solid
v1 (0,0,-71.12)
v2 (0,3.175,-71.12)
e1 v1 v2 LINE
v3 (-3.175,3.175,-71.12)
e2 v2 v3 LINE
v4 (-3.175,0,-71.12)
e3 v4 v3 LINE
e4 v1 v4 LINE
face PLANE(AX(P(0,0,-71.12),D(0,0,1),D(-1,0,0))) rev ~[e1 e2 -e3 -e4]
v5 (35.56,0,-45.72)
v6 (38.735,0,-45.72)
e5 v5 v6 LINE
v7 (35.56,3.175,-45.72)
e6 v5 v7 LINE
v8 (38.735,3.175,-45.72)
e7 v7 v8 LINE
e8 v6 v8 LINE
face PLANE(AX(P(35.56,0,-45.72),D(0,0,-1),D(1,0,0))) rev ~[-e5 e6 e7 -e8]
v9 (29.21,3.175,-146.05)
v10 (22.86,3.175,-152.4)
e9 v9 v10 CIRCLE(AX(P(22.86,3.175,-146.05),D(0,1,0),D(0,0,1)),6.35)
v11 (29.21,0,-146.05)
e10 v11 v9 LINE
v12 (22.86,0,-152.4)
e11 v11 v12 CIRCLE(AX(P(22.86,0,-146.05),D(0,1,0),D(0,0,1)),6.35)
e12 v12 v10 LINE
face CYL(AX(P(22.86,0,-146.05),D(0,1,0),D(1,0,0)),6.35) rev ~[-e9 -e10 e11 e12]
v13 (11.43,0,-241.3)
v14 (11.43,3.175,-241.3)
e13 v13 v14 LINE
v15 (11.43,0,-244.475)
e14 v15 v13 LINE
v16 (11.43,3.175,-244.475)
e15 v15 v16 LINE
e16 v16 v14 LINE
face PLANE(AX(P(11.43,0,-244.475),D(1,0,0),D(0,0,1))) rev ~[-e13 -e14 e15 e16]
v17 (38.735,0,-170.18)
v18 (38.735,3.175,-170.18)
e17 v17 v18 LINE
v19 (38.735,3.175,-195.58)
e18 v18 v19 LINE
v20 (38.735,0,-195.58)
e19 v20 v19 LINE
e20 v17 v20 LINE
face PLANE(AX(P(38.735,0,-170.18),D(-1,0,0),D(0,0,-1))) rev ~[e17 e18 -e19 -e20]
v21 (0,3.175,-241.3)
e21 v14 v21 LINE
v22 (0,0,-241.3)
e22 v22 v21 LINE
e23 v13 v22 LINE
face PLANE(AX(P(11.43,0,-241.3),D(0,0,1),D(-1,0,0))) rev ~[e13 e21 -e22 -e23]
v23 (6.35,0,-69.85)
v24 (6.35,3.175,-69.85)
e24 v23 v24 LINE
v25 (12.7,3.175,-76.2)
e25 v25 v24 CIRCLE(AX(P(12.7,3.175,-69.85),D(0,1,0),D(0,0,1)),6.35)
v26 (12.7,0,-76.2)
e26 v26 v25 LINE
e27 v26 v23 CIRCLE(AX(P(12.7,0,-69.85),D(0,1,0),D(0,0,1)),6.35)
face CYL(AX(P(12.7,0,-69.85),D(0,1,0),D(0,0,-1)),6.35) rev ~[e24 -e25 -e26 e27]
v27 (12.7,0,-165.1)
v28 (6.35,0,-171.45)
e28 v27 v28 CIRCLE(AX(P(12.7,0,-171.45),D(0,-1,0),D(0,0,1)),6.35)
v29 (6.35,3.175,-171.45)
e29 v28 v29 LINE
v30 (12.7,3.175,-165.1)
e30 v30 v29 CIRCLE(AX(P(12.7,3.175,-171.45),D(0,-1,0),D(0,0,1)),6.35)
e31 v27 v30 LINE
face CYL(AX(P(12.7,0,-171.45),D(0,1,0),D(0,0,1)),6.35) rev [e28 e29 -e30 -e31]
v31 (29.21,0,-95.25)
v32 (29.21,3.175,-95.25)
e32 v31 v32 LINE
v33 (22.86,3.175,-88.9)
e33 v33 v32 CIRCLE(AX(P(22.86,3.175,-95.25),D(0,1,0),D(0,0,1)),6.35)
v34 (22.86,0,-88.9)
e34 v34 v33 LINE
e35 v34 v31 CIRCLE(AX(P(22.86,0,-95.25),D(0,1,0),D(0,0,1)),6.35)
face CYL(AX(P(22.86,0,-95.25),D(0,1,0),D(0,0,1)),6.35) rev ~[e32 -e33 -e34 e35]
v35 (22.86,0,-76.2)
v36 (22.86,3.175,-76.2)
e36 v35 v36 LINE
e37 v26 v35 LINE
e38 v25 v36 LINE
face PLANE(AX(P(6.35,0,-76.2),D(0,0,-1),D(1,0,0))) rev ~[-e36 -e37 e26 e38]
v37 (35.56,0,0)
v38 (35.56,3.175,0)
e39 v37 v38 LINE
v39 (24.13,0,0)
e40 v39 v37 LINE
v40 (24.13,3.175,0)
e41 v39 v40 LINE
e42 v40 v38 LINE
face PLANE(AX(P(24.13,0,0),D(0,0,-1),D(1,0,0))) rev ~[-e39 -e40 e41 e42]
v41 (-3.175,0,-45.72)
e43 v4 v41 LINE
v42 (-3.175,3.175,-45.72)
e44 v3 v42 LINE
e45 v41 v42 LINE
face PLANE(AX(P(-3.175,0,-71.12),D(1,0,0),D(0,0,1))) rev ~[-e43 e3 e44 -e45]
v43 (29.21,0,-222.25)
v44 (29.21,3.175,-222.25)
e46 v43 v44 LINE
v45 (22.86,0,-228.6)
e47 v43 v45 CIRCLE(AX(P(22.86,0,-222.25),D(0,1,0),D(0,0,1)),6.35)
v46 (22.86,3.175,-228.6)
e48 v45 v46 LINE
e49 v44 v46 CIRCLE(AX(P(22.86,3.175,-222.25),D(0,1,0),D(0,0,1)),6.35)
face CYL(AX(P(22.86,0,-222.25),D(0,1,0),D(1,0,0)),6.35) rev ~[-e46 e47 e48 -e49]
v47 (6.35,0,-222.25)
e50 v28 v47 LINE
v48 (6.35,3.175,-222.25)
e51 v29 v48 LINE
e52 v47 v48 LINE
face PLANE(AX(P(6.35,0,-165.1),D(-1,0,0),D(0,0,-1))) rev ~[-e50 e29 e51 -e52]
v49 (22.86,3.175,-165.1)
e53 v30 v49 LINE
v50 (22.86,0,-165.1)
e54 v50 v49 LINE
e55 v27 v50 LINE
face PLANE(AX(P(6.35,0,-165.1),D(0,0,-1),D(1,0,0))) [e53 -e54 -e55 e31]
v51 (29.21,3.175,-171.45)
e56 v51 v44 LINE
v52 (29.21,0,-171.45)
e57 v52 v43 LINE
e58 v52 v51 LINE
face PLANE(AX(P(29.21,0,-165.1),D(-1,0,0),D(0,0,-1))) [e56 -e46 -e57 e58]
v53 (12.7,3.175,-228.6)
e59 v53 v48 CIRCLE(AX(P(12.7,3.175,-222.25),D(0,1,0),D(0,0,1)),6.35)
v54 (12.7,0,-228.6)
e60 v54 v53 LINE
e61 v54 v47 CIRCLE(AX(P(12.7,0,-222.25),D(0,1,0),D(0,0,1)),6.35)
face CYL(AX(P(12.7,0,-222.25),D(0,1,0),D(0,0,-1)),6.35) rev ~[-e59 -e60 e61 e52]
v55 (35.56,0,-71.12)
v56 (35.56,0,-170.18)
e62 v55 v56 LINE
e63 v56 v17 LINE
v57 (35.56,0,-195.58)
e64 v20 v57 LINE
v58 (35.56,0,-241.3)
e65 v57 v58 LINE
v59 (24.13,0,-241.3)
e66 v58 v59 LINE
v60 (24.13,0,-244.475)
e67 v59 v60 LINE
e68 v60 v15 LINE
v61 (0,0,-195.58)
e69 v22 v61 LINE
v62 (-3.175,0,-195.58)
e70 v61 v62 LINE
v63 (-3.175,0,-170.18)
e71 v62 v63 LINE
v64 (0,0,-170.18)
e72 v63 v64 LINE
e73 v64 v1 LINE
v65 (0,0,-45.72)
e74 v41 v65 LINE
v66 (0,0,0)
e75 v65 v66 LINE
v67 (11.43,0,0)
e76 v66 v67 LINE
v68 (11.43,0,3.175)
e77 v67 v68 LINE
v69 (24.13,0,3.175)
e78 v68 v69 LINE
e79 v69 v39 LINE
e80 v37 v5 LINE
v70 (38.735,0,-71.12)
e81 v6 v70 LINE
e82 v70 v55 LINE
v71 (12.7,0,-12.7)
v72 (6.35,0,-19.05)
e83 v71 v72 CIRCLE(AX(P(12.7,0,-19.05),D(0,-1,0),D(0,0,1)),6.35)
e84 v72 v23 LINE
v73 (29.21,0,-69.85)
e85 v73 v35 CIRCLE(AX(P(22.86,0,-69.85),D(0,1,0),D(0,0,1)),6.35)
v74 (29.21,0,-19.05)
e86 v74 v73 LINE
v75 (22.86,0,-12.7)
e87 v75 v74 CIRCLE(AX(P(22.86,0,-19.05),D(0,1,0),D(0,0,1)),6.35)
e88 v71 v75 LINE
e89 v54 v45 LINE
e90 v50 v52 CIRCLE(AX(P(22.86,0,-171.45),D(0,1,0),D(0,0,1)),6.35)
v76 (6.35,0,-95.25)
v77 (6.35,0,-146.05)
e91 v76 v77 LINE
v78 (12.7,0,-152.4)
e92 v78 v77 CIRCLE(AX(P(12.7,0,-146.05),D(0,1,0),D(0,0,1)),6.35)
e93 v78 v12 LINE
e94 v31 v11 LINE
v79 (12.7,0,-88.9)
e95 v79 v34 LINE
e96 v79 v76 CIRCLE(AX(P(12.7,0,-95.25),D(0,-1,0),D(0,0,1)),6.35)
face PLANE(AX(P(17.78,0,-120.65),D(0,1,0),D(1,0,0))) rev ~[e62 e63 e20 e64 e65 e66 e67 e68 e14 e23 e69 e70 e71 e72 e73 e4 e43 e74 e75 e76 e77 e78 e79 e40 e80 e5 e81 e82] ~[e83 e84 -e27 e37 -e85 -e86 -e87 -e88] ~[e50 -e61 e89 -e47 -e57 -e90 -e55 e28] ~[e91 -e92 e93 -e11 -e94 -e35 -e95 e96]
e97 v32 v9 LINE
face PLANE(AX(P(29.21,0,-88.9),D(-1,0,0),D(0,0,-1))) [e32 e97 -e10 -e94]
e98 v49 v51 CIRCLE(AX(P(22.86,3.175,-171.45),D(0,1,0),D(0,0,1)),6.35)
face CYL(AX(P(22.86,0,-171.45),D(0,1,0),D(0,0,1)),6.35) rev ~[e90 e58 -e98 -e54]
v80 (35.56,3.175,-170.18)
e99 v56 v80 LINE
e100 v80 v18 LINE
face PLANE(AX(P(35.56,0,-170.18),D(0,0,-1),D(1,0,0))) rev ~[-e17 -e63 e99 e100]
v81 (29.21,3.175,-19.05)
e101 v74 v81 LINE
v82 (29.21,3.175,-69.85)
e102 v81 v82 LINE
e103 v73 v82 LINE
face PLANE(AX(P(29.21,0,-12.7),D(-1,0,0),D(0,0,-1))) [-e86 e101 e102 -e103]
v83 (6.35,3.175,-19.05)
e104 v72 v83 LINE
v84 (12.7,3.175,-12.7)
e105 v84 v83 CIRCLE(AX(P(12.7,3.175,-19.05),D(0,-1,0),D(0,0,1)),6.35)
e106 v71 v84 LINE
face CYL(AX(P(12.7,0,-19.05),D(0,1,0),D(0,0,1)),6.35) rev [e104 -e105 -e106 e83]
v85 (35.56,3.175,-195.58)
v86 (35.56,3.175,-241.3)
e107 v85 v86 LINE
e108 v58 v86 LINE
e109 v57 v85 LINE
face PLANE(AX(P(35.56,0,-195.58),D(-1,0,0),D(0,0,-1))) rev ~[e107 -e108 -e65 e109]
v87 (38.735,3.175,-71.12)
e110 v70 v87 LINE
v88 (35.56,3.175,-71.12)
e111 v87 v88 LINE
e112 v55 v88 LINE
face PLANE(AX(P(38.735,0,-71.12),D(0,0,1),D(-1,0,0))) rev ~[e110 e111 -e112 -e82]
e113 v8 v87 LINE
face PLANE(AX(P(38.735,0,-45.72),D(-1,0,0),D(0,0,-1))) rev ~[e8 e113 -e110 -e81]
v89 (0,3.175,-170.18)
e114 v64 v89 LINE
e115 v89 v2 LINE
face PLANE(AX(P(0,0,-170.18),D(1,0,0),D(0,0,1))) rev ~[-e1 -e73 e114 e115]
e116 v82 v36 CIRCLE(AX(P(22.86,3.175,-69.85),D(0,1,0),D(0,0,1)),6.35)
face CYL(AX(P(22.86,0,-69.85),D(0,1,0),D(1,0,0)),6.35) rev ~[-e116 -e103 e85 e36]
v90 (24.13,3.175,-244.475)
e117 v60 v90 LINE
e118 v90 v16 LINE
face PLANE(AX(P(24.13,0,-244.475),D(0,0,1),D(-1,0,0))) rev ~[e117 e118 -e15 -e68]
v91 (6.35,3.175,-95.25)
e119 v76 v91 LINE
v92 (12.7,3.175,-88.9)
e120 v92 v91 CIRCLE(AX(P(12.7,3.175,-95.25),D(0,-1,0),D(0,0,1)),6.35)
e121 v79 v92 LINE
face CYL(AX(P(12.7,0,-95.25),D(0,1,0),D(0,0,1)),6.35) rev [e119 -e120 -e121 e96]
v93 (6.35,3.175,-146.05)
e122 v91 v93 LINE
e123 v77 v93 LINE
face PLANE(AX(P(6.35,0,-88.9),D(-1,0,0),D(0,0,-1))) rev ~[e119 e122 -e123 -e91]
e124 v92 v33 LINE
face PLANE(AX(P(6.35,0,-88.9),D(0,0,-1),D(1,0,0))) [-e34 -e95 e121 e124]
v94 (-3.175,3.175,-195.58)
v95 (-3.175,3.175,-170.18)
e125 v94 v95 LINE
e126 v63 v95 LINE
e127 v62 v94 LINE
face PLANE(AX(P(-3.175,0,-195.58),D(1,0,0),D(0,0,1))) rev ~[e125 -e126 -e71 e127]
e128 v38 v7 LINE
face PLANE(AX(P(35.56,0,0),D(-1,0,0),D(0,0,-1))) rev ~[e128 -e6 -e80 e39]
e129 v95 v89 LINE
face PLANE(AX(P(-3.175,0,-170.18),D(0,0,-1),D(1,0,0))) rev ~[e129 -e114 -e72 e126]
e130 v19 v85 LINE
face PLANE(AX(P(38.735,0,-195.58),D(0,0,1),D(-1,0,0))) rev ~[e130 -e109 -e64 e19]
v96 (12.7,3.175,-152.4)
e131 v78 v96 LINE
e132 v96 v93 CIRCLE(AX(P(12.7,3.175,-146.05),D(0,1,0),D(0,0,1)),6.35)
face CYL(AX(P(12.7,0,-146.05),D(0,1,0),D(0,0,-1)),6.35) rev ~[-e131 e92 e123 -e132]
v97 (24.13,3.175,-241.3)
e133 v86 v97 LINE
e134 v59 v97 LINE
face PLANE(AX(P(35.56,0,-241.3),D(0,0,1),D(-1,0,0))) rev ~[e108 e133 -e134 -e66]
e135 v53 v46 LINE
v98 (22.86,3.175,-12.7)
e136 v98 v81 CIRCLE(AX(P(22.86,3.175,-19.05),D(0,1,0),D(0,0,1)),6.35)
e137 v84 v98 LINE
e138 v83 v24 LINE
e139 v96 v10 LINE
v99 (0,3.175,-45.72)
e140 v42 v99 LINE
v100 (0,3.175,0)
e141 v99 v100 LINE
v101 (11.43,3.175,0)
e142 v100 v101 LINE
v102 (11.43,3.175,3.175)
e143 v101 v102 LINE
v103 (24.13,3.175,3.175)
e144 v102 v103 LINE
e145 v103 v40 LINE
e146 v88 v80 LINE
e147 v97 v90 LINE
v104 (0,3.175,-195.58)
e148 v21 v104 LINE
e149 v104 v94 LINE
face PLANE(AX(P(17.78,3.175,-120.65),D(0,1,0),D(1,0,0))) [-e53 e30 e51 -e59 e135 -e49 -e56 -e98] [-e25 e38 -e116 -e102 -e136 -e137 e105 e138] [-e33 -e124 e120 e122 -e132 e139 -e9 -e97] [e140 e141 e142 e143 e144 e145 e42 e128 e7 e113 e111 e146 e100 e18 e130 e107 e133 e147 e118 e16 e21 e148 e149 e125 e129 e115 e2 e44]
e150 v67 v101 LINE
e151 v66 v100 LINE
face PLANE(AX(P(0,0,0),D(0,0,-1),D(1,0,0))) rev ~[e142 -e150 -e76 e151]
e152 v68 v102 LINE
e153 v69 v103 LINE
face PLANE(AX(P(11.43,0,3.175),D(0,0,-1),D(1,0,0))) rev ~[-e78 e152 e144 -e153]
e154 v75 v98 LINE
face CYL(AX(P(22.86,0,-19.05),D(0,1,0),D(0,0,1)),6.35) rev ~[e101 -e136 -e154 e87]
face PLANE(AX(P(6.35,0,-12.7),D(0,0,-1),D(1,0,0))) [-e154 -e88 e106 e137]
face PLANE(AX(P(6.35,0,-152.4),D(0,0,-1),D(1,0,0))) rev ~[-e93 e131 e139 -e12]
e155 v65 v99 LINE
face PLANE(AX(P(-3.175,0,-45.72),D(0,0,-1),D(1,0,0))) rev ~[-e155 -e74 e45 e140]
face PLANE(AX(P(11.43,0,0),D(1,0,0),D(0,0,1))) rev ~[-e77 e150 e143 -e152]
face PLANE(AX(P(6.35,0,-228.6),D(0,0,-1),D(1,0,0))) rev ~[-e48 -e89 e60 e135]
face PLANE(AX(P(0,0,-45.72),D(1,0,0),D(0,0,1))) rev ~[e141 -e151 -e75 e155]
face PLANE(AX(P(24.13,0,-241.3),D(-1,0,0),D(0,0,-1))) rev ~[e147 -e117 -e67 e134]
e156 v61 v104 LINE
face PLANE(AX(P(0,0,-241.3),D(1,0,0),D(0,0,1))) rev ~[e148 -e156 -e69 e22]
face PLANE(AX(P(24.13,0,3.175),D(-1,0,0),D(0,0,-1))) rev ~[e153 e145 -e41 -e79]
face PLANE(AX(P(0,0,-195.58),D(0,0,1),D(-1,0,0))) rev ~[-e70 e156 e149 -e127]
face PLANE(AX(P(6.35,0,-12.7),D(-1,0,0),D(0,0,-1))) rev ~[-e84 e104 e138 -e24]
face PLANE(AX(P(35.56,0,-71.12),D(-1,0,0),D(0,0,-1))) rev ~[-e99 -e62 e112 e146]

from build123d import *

# Parameters (mm, degrees)
BOSS_EXTRUDE1_DEPTH = 3.175
SKETCH3_W           = 22.86
SKETCH3_H           = 63.5
CUT_EXTRUDE2_DEPTH  = 3.175
FILLET3_R           = 6.35


with BuildPart() as part:
    # Sketch2 → Boss-Extrude1 (new body)
    with BuildSketch(Plane(origin=(0, 0, 0), x_dir=(1, 0, 0), z_dir=(0, 1, 0))):
        Polygon((35.56, 0), (35.56, 45.72), (38.735, 45.72), (38.735, 71.12), (35.56, 71.12), (35.56, 170.18), (38.735, 170.18), (38.735, 195.58), (35.56, 195.58), (35.56, 241.3), (24.13, 241.3), (24.13, 244.475), (11.43, 244.475), (11.43, 241.3), (0, 241.3), (0, 195.58), (-3.175, 195.58), (-3.175, 170.18), (0, 170.18), (0, 71.12), (-3.175, 71.12), (-3.175, 45.72), (0, 45.72), (0, 0), (11.43, 0), (11.43, -3.175), (24.13, -3.175), (24.13, 0), align=None)
    extrude(amount=BOSS_EXTRUDE1_DEPTH)

    # Sketch3 → Cut-Extrude2 (cut)
    with BuildSketch(Plane(origin=(0, 0, 0), x_dir=(1, 0, 0), z_dir=(0, 1, 0))):
        with Locations((17.78, 44.45)):
            Rectangle(SKETCH3_W, SKETCH3_H)
        with Locations((17.78, 120.65)):
            Rectangle(SKETCH3_W, SKETCH3_H)
        with Locations((17.78, 196.85)):
            Rectangle(SKETCH3_W, SKETCH3_H)
    extrude(amount=CUT_EXTRUDE2_DEPTH, mode=Mode.SUBTRACT)

    # Fillet3
    fillet3_edges = [part.edges().sort_by_distance(p)[0] for p in [
        (29.21, 1.5875, -88.9),
        (29.21, 1.5875, -152.4),
        (6.35, 1.5875, -152.4),
        (6.35, 1.5875, -88.9),
        (6.35, 1.5875, -165.1),
        (29.21, 1.5875, -165.1),
        (29.21, 1.5875, -228.6),
        (6.35, 1.5875, -228.6),
        (29.21, 1.5875, -76.2),
        (6.35, 1.5875, -76.2),
        (6.35, 1.5875, -12.7),
        (29.21, 1.5875, -12.7),
    ]]
    fillet(fillet3_edges, radius=FILLET3_R)


solid = part.part
